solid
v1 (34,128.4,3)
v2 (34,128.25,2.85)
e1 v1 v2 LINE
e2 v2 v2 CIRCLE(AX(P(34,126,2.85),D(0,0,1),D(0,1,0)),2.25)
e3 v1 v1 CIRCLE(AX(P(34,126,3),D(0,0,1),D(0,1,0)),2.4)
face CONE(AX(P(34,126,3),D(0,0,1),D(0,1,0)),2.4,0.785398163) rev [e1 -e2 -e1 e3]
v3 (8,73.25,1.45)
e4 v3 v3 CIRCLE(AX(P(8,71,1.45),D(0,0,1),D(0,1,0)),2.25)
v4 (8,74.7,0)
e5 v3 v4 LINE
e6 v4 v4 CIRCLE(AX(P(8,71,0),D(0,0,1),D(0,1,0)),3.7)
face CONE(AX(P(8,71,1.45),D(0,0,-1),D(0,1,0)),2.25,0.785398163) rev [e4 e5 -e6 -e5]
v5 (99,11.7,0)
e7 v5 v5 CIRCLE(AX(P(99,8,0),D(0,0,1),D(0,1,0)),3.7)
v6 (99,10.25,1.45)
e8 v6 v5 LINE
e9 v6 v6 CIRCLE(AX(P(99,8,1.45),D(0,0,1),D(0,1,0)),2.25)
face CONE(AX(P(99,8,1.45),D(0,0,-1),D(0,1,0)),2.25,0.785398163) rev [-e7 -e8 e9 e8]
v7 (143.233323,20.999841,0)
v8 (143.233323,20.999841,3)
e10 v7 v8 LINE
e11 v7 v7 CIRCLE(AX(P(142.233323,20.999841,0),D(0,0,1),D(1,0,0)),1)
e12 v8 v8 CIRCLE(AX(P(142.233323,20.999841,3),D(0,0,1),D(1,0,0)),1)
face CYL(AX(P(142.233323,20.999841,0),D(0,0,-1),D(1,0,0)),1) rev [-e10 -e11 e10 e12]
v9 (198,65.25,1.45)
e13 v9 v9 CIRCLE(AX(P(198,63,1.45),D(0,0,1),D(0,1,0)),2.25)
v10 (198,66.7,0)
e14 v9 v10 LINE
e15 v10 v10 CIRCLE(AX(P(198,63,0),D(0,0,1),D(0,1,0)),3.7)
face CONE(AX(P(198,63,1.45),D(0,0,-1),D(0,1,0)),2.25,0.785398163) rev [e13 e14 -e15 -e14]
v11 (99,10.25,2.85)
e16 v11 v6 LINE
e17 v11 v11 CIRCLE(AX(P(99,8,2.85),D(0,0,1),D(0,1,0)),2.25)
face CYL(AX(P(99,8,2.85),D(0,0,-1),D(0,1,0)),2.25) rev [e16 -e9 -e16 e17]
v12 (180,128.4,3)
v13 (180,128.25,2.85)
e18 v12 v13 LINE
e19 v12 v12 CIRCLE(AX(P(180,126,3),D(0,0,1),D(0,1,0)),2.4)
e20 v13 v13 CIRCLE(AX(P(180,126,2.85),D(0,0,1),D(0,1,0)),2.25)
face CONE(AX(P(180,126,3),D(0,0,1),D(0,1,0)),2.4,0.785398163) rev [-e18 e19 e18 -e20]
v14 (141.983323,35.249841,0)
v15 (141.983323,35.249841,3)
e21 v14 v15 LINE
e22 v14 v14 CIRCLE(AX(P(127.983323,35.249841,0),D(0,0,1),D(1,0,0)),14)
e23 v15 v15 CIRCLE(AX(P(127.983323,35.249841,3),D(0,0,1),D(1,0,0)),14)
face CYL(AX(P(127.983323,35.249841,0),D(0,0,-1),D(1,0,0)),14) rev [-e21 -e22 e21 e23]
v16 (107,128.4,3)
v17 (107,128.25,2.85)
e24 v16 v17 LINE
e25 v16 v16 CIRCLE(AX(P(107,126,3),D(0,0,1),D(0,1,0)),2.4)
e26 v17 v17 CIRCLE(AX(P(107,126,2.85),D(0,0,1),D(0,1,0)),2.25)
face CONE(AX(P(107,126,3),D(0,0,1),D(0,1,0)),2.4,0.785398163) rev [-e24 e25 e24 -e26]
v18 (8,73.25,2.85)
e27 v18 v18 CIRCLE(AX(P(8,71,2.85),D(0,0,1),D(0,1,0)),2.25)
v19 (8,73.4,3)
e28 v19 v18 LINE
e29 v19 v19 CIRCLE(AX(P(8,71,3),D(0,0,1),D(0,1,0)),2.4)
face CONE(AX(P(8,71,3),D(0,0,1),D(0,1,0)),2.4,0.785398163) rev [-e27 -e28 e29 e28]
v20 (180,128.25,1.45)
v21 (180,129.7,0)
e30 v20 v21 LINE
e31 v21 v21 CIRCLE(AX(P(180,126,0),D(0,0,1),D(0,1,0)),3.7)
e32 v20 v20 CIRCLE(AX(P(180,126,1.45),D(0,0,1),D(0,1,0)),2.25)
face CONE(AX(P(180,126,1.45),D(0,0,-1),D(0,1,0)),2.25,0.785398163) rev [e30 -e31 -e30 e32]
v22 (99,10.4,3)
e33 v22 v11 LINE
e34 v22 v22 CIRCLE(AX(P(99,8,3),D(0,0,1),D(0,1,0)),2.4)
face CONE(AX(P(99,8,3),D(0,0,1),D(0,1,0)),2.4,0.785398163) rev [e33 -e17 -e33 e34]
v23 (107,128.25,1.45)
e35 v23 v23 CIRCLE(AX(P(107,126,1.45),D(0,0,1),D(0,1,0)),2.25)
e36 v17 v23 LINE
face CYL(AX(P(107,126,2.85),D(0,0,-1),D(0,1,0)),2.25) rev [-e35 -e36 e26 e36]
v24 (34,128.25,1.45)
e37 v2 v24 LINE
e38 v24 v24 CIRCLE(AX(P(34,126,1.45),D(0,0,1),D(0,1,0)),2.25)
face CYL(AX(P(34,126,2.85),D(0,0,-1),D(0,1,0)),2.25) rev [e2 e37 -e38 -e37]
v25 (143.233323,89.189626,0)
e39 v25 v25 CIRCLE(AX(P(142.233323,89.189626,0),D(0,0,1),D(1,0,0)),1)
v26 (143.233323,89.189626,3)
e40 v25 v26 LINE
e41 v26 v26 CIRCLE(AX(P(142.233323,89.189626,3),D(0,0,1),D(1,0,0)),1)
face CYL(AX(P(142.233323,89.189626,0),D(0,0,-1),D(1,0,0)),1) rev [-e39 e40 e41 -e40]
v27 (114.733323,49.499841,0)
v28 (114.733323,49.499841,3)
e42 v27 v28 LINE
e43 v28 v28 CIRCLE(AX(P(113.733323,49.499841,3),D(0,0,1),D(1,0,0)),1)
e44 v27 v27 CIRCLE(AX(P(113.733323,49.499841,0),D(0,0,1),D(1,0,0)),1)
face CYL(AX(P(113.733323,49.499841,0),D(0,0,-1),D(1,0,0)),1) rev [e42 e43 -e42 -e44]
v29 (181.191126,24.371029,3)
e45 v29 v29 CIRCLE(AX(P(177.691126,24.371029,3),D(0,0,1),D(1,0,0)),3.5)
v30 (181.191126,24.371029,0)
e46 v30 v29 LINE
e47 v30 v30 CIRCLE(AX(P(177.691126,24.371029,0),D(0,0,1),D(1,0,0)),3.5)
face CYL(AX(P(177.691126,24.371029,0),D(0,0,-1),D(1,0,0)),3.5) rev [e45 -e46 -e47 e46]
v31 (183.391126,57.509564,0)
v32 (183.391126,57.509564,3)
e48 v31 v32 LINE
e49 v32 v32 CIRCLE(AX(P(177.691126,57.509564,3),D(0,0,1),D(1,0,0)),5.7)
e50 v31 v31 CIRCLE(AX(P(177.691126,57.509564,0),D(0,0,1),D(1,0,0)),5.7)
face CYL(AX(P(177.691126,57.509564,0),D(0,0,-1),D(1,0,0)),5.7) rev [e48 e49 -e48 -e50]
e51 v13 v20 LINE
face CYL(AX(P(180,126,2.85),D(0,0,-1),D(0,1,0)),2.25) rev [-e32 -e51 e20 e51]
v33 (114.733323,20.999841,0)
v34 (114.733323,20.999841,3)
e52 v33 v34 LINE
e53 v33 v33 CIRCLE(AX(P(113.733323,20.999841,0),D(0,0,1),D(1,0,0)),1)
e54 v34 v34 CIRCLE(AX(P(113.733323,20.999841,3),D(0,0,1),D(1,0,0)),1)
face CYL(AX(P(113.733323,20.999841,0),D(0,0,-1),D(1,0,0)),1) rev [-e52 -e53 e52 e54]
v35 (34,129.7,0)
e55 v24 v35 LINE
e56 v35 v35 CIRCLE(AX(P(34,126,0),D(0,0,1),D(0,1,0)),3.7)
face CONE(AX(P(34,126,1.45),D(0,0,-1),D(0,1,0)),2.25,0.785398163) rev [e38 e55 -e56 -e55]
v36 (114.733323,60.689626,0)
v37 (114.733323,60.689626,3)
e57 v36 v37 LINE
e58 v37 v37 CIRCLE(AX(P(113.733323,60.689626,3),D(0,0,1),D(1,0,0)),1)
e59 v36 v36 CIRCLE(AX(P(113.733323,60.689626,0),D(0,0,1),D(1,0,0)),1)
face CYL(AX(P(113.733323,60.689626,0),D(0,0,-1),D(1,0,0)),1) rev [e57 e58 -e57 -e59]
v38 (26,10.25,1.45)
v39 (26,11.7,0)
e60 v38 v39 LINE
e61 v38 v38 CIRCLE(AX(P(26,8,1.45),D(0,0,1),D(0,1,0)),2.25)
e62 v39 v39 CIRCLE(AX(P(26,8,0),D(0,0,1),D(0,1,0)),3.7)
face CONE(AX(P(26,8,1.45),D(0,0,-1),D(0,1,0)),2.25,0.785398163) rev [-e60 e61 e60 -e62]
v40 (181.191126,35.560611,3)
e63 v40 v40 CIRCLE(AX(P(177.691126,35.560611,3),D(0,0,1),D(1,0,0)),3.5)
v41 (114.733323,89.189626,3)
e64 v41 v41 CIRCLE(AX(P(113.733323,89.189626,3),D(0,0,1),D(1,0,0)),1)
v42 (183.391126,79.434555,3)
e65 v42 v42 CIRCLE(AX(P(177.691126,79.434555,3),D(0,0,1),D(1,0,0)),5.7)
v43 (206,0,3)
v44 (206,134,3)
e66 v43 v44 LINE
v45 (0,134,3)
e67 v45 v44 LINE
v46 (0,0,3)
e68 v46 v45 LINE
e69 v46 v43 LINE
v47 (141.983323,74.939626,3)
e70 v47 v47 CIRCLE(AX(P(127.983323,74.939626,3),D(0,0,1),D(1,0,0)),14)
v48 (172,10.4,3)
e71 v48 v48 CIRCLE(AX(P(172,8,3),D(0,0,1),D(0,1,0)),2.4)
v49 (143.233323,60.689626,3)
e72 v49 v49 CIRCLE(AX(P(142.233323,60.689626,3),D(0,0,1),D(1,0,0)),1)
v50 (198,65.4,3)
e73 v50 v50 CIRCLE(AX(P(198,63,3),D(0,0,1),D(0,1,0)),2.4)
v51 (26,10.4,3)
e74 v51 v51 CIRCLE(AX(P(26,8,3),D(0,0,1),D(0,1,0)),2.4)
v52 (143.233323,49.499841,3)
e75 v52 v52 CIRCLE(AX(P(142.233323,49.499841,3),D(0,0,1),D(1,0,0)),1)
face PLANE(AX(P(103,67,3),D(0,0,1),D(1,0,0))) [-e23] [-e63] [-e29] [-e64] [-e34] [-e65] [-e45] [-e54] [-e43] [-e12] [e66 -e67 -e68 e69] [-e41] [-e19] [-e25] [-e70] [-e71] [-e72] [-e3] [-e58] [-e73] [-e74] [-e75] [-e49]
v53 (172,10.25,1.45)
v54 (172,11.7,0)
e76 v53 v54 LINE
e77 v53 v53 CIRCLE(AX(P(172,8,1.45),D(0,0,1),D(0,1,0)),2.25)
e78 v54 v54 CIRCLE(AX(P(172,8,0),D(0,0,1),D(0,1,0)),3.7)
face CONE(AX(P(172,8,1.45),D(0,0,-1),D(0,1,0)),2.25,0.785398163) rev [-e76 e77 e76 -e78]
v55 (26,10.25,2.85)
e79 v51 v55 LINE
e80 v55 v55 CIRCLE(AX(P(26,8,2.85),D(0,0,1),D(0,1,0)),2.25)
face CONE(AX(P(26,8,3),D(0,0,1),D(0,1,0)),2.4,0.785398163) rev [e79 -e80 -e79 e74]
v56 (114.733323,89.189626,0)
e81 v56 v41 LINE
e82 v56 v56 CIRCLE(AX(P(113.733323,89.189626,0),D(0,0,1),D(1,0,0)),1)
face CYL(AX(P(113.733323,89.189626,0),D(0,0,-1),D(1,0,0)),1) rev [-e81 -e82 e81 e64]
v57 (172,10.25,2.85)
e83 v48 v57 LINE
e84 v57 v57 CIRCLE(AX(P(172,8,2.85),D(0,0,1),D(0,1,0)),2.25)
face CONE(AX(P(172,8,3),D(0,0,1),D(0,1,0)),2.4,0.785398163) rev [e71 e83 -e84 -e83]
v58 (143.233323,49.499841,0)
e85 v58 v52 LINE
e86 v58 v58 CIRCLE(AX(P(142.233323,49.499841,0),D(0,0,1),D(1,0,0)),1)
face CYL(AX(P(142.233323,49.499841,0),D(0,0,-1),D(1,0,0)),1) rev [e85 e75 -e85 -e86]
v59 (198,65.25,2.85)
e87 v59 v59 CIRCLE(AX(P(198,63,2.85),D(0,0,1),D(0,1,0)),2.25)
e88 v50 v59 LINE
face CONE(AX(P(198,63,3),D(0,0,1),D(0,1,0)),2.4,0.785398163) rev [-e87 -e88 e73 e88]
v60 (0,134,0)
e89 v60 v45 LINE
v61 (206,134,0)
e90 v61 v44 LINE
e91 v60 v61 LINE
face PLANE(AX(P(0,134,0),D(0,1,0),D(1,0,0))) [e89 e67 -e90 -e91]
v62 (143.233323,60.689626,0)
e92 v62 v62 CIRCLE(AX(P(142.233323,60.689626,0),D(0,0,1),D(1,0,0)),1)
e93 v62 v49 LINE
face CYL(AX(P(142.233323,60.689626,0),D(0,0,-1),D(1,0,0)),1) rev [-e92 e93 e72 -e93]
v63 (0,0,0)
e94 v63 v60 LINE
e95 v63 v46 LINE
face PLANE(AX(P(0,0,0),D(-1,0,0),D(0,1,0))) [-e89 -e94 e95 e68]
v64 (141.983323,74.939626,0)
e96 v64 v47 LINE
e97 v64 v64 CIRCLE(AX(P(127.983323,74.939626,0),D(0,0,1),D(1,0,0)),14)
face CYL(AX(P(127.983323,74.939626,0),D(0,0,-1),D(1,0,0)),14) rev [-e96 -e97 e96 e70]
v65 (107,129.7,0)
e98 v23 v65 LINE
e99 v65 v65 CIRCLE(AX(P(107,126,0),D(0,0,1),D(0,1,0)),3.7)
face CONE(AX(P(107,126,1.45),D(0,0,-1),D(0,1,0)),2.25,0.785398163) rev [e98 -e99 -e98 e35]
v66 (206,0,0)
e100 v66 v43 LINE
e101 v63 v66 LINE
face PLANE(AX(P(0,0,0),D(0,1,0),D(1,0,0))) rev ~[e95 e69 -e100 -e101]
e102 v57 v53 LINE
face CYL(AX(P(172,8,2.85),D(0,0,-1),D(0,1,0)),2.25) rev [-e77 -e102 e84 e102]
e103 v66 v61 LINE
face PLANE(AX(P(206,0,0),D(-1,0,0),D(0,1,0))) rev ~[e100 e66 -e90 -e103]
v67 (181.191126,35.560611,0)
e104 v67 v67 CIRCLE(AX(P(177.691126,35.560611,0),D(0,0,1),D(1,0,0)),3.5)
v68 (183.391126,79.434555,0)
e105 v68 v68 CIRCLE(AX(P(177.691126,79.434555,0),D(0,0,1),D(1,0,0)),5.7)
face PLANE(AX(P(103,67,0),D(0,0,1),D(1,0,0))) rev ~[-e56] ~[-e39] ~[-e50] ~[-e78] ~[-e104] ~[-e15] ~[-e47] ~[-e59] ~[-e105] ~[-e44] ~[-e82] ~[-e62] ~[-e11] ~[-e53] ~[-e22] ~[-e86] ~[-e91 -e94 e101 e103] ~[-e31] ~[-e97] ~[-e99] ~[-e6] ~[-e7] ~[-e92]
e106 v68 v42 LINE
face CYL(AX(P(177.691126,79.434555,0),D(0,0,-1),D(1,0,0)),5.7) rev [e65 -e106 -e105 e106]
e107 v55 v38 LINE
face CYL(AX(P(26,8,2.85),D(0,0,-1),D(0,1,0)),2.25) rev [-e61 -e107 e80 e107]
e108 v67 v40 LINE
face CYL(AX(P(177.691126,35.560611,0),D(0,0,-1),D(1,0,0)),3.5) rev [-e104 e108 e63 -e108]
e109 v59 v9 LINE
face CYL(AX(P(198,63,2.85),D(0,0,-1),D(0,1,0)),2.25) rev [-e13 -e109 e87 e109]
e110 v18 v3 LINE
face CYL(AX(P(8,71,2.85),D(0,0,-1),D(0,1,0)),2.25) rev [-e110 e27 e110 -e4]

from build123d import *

# Parameters (mm, degrees)
SKETCH_1_W                 = 206
SKETCH_1_H                 = 134
SKETCH_1_R                 = 14
SKETCH_1_R_2               = 3.5
SKETCH_1_R_3               = 5.7
SKETCH_1_R_4               = 1
EXTRUDE_1_DEPTH            = 3
HOLE_WIZARD_M41_AT_2_COUNT = 2
HOLE_WIZARD_M41_AT_2_PITCH = 73
HOLE_WIZARD_M41_AT_3_COUNT = 2
HOLE_WIZARD_M41_AT_3_PITCH = 146
HOLE_WIZARD_M41_AT_4_COUNT = 2
HOLE_WIZARD_M41_AT_4_PITCH = 180.579622328
HOLE_WIZARD_M41_AT_5_COUNT = 2
HOLE_WIZARD_M41_AT_5_PITCH = 194.010309004
HOLE_WIZARD_M41_AT_6_COUNT = 2
HOLE_WIZARD_M41_AT_6_PITCH = 143.125818775
HOLE_WIZARD_M41_AT_7_COUNT = 2
HOLE_WIZARD_M41_AT_7_PITCH = 118.270875536
HOLE_WIZARD_M41_AT_8_COUNT = 2
HOLE_WIZARD_M41_AT_8_PITCH = 65.520989004


with BuildPart() as part:
    # Эскиз1 → Бобышка-Вытянуть1 (new body)
    with BuildSketch(Plane.XY):
        with Locations((103, 67)):
            Rectangle(SKETCH_1_W, SKETCH_1_H)
        with Locations((127.983323234, 74.939626383)):
            Circle(SKETCH_1_R, mode=Mode.SUBTRACT)
        with Locations((127.983323234, 35.24984102)):
            Circle(SKETCH_1_R, mode=Mode.SUBTRACT)
        with Locations((177.691125973, 35.560610723)):
            Circle(SKETCH_1_R_2, mode=Mode.SUBTRACT)
        with Locations((177.691125973, 24.371028973)):
            Circle(SKETCH_1_R_2, mode=Mode.SUBTRACT)
        with Locations((177.691125973, 79.434554566)):
            Circle(SKETCH_1_R_3, mode=Mode.SUBTRACT)
        with Locations((177.691125973, 57.509564132)):
            Circle(SKETCH_1_R_3, mode=Mode.SUBTRACT)
        with Locations((113.733323234, 89.189626383)):
            Circle(SKETCH_1_R_4, mode=Mode.SUBTRACT)
        with Locations((142.233323234, 89.189626383)):
            Circle(SKETCH_1_R_4, mode=Mode.SUBTRACT)
        with Locations((113.733323234, 49.49984102)):
            Circle(SKETCH_1_R_4, mode=Mode.SUBTRACT)
        with Locations((142.233323234, 49.49984102)):
            Circle(SKETCH_1_R_4, mode=Mode.SUBTRACT)
        with Locations((142.233323234, 20.99984102)):
            Circle(SKETCH_1_R_4, mode=Mode.SUBTRACT)
        with Locations((113.733323234, 20.99984102)):
            Circle(SKETCH_1_R_4, mode=Mode.SUBTRACT)
        with Locations((142.233323234, 60.689626383)):
            Circle(SKETCH_1_R_4, mode=Mode.SUBTRACT)
        with Locations((113.733323234, 60.689626383)):
            Circle(SKETCH_1_R_4, mode=Mode.SUBTRACT)
    extrude(amount=EXTRUDE_1_DEPTH)

    # Эскиз2 → Зенковка для винта с потайной головкой M41 (revolve, cut)
    with BuildSketch(Plane(origin=(26, 8, 0), x_dir=(0, 1, 0), z_dir=(1, 0, 0))):
        Polygon((0, 0), (0, 3), (2.4, 3), (2.25, 2.85), (2.25, 1.45), (3.7, 0), align=None)
    hole_wizard_m41 = revolve(axis=Axis((26, 8, -6.35), (0, 0, 1)), mode=Mode.SUBTRACT)

    # Зенковка для винта с потайной головкой M41 at 2: Зенковка для винта с потайной головкой M41 ×2
    with Locations(*[(i * HOLE_WIZARD_M41_AT_2_PITCH, 0, 0) for i in range(1, HOLE_WIZARD_M41_AT_2_COUNT)]):
        add(hole_wizard_m41, mode=Mode.SUBTRACT)

    # Зенковка для винта с потайной головкой M41 at 3: Зенковка для винта с потайной головкой M41 ×2
    with Locations(*[(i * HOLE_WIZARD_M41_AT_3_PITCH, 0, 0) for i in range(1, HOLE_WIZARD_M41_AT_3_COUNT)]):
        add(hole_wizard_m41, mode=Mode.SUBTRACT)

    # Зенковка для винта с потайной головкой M41 at 4: Зенковка для винта с потайной головкой M41 ×2
    with Locations(*[Vector(0.952488425, 0.304574787, 0) * (i * HOLE_WIZARD_M41_AT_4_PITCH) for i in range(1, HOLE_WIZARD_M41_AT_4_COUNT)]):
        add(hole_wizard_m41, mode=Mode.SUBTRACT)

    # Зенковка для винта с потайной головкой M41 at 5: Зенковка для винта с потайной головкой M41 ×2
    with Locations(*[Vector(0.793772253, 0.608215103, 0) * (i * HOLE_WIZARD_M41_AT_5_PITCH) for i in range(1, HOLE_WIZARD_M41_AT_5_COUNT)]):
        add(hole_wizard_m41, mode=Mode.SUBTRACT)

    # Зенковка для винта с потайной головкой M41 at 6: Зенковка для винта с потайной головкой M41 ×2
    with Locations(*[Vector(0.565935627, 0.824449432, 0) * (i * HOLE_WIZARD_M41_AT_6_PITCH) for i in range(1, HOLE_WIZARD_M41_AT_6_COUNT)]):
        add(hole_wizard_m41, mode=Mode.SUBTRACT)

    # Зенковка для винта с потайной головкой M41 at 7: Зенковка для винта с потайной головкой M41 ×2
    with Locations(*[Vector(0.067641336, 0.997709702, 0) * (i * HOLE_WIZARD_M41_AT_7_PITCH) for i in range(1, HOLE_WIZARD_M41_AT_7_COUNT)]):
        add(hole_wizard_m41, mode=Mode.SUBTRACT)

    # Зенковка для винта с потайной головкой M41 at 8: Зенковка для винта с потайной головкой M41 ×2
    with Locations(*[Vector(-0.274721128, 0.961523948, 0) * (i * HOLE_WIZARD_M41_AT_8_PITCH) for i in range(1, HOLE_WIZARD_M41_AT_8_COUNT)]):
        add(hole_wizard_m41, mode=Mode.SUBTRACT)


solid = part.part
